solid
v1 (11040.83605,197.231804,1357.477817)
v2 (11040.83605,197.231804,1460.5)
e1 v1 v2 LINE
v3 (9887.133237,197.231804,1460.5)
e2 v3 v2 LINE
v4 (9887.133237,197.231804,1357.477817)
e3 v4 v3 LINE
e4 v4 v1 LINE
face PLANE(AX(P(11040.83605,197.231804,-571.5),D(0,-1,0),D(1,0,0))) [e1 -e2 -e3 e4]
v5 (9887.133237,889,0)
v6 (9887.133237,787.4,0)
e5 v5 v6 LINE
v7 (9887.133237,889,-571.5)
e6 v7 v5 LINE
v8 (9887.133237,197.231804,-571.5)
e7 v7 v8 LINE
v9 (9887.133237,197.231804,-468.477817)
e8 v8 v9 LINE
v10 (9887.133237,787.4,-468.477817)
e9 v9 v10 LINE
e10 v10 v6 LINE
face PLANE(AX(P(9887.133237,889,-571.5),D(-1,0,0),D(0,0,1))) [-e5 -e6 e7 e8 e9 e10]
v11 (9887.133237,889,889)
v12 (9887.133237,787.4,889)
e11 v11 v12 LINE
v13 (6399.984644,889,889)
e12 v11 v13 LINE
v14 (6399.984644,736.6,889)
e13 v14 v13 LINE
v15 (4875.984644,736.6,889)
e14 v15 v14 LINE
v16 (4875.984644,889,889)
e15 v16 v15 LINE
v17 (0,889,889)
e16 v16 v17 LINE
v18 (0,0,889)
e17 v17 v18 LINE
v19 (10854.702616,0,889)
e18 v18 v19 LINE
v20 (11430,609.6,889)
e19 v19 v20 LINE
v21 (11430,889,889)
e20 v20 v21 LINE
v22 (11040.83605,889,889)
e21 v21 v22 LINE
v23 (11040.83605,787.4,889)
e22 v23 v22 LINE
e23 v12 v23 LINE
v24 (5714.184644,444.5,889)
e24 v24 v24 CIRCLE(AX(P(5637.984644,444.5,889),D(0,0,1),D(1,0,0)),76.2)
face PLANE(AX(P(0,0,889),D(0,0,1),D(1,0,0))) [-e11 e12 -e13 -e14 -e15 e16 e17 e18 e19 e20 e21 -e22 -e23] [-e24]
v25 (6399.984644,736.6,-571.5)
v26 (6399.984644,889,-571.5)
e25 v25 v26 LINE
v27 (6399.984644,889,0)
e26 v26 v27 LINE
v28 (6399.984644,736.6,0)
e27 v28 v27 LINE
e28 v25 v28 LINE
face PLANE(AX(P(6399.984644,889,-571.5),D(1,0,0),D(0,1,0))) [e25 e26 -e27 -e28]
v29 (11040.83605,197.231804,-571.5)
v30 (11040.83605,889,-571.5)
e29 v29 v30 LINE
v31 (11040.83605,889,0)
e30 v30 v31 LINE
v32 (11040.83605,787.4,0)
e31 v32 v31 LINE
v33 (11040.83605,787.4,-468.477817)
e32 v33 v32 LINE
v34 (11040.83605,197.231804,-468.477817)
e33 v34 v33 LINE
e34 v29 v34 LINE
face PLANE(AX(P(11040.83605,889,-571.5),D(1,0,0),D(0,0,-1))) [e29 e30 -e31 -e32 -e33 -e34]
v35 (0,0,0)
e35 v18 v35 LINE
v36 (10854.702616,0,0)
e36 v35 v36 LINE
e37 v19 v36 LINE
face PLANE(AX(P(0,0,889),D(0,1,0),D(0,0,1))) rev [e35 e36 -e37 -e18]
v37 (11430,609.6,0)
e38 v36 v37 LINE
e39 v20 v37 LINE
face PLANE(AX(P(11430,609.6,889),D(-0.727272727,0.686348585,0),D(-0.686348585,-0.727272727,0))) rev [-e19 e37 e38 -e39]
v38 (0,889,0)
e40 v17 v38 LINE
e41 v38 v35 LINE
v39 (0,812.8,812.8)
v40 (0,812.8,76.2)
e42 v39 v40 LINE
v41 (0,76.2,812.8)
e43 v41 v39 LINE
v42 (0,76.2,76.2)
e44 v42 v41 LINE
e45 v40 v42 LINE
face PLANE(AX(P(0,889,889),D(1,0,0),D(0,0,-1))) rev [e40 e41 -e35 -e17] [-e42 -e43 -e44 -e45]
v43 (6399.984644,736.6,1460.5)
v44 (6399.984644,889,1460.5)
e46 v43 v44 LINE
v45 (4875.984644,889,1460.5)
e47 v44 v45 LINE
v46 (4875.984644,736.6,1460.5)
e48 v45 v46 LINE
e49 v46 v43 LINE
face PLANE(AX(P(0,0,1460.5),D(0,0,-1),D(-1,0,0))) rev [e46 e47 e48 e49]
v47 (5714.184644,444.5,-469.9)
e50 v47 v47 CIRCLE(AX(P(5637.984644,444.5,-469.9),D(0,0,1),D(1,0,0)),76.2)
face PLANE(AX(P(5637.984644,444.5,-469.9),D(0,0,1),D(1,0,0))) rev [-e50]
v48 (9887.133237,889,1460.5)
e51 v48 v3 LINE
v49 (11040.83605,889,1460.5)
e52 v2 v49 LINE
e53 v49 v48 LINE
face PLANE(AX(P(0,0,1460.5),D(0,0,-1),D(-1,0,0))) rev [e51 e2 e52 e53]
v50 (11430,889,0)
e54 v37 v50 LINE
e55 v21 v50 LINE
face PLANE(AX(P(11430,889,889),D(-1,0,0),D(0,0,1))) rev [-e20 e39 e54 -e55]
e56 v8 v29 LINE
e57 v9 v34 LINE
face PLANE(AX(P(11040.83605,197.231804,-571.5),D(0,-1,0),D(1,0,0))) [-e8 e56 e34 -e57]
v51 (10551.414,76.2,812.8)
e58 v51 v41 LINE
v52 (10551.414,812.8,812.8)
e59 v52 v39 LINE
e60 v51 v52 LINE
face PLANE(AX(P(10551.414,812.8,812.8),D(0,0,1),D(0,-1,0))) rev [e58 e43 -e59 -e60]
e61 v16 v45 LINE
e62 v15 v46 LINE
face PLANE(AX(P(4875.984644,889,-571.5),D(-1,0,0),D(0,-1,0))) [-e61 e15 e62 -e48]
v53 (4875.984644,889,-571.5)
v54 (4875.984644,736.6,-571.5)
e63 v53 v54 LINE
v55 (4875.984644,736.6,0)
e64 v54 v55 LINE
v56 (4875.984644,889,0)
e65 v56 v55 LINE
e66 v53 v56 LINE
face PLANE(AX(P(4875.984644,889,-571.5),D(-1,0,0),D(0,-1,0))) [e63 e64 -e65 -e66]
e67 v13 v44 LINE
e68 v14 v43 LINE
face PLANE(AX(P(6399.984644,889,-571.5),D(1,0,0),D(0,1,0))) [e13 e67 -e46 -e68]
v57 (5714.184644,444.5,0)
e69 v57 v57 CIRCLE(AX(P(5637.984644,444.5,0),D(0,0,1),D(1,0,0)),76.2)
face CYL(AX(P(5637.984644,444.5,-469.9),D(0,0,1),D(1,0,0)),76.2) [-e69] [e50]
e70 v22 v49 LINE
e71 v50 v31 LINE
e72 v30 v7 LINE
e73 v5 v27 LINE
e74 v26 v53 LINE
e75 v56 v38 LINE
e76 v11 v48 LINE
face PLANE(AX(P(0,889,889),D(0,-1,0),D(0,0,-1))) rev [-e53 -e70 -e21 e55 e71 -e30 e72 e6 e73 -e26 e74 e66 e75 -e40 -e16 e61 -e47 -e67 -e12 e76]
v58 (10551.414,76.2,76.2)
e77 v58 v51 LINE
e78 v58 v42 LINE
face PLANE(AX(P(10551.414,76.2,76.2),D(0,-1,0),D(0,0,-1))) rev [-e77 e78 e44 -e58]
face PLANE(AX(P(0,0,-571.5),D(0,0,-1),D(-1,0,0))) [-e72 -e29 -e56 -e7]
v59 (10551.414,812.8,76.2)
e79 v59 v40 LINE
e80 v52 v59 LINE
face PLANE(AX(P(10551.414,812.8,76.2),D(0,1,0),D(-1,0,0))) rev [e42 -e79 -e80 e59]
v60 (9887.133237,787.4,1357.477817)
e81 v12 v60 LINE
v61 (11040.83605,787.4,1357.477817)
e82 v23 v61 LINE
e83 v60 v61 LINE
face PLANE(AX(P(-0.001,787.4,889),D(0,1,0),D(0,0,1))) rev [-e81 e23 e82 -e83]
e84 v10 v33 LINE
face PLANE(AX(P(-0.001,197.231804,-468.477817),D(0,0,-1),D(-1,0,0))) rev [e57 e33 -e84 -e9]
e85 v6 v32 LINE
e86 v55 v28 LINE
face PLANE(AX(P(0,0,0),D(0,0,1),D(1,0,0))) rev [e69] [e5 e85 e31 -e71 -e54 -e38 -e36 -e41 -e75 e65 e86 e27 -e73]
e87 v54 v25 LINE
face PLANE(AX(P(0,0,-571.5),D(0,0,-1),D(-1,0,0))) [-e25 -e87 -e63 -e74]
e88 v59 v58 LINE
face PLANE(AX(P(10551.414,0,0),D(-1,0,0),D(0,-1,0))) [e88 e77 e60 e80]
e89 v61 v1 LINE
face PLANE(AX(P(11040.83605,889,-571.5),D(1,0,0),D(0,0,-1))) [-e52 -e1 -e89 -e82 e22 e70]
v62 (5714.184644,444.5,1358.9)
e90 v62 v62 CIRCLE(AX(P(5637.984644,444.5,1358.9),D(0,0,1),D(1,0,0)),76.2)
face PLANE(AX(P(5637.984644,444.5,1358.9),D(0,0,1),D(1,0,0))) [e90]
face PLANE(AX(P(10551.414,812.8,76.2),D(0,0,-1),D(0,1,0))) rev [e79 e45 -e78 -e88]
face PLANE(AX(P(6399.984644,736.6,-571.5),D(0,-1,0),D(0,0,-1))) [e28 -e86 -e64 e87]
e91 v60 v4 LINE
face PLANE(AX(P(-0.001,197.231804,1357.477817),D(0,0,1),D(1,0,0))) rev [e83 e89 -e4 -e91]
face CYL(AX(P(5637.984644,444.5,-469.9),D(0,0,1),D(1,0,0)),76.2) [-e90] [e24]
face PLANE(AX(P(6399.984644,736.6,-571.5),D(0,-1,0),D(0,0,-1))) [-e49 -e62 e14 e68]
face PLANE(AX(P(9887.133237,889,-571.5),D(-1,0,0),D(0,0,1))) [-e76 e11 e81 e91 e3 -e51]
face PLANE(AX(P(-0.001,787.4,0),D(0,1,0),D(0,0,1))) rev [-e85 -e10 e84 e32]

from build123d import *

# Parameters (mm, degrees)
BOSS_EXTRUDE1_DEPTH      = 889
BOSS_EXTRUDE3_DEPTH      = 571.5
BOSS_EXTRUDE3_DEPTH_BACK = 1460.5
SKETCH5_W                = 1153.702812307
SKETCH5_H                = 691.768195519
SKETCH5_W_2              = 1524
SKETCH5_H_2              = 152.4
CUT_EXTRUDE3_REACH       = 11174.441
SKETCH6_W                = 468.477816715
SKETCH6_H                = 590.168195519
BOSS_EXTRUDE4_DEPTH      = 469.9
BOSS_EXTRUDE4_DEPTH_BACK = 1358.9
SKETCH7_R                = 76.2
SKETCH8_W                = 736.6
SKETCH8_H                = 736.6
CUT_EXTRUDE4_DEPTH       = 10551.414


with BuildPart() as part:
    # Sketch1 → Boss-Extrude1 (new body)
    with BuildSketch(Plane.XY):
        Polygon((0, 0), (10854.702616032, 0), (11430, 609.6), (11430, 889), (0, 889), align=None)
    extrude(amount=BOSS_EXTRUDE1_DEPTH)

    # Sketch5 → Boss-Extrude3 (add, two sides: drawn at the far end of the back side and taken through both)
    with BuildSketch(Plane.XY.offset(889).offset(-BOSS_EXTRUDE3_DEPTH_BACK)):
        with Locations((10463.984643528, 543.11590224)):
            Rectangle(SKETCH5_W, SKETCH5_H)
        with Locations((5637.984643529, 812.8)):
            Rectangle(SKETCH5_W_2, SKETCH5_H_2)
    extrude(amount=BOSS_EXTRUDE3_DEPTH + BOSS_EXTRUDE3_DEPTH_BACK)

    # Sketch6 → Cut-Extrude3 (cut, up to next)
    with BuildSketch(Plane(origin=(11040.836049682, 0, 0), x_dir=(0, 0, -1), z_dir=(1, 0, 0)), mode=Mode.PRIVATE) as cut_extrude3_sk1:
        with Locations((-1123.238908357, 492.315902241)):
            Rectangle(SKETCH6_W, SKETCH6_H)
    cut_extrude3_tool1 = extrude(cut_extrude3_sk1.sketch, amount=-CUT_EXTRUDE3_REACH, mode=Mode.PRIVATE) & part.part
    # Sketch6 → Cut-Extrude3 (cut, up to next)
    with BuildSketch(Plane(origin=(11040.836049682, 0, 0), x_dir=(0, 0, -1), z_dir=(1, 0, 0)), mode=Mode.PRIVATE) as cut_extrude3_sk2:
        with Locations((234.238908358, 492.315902241)):
            Rectangle(SKETCH6_W, SKETCH6_H)
    cut_extrude3_tool2 = extrude(cut_extrude3_sk2.sketch, amount=-CUT_EXTRUDE3_REACH, mode=Mode.PRIVATE) & part.part
    add(cut_extrude3_tool1.solids().sort_by_distance((11040.83605, 492.315902, 1123.238908))[0], mode=Mode.SUBTRACT)
    add(cut_extrude3_tool2.solids().sort_by_distance((11040.83605, 492.315902, -234.238908))[0], mode=Mode.SUBTRACT)

    # Sketch7 → Boss-Extrude4 (add, two sides: drawn at the far end of the back side and taken through both)
    with BuildSketch(Plane.XY.offset(889).offset(-BOSS_EXTRUDE4_DEPTH_BACK)):
        with Locations((5637.984643529, 444.5)):
            Circle(SKETCH7_R)
    extrude(amount=BOSS_EXTRUDE4_DEPTH + BOSS_EXTRUDE4_DEPTH_BACK)

    # Sketch8 → Cut-Extrude4 (cut)
    with BuildSketch(Plane.ZY):
        with Locations((444.5, 444.5)):
            Rectangle(SKETCH8_W, SKETCH8_H)
    extrude(amount=-CUT_EXTRUDE4_DEPTH, mode=Mode.SUBTRACT)


solid = part.part
